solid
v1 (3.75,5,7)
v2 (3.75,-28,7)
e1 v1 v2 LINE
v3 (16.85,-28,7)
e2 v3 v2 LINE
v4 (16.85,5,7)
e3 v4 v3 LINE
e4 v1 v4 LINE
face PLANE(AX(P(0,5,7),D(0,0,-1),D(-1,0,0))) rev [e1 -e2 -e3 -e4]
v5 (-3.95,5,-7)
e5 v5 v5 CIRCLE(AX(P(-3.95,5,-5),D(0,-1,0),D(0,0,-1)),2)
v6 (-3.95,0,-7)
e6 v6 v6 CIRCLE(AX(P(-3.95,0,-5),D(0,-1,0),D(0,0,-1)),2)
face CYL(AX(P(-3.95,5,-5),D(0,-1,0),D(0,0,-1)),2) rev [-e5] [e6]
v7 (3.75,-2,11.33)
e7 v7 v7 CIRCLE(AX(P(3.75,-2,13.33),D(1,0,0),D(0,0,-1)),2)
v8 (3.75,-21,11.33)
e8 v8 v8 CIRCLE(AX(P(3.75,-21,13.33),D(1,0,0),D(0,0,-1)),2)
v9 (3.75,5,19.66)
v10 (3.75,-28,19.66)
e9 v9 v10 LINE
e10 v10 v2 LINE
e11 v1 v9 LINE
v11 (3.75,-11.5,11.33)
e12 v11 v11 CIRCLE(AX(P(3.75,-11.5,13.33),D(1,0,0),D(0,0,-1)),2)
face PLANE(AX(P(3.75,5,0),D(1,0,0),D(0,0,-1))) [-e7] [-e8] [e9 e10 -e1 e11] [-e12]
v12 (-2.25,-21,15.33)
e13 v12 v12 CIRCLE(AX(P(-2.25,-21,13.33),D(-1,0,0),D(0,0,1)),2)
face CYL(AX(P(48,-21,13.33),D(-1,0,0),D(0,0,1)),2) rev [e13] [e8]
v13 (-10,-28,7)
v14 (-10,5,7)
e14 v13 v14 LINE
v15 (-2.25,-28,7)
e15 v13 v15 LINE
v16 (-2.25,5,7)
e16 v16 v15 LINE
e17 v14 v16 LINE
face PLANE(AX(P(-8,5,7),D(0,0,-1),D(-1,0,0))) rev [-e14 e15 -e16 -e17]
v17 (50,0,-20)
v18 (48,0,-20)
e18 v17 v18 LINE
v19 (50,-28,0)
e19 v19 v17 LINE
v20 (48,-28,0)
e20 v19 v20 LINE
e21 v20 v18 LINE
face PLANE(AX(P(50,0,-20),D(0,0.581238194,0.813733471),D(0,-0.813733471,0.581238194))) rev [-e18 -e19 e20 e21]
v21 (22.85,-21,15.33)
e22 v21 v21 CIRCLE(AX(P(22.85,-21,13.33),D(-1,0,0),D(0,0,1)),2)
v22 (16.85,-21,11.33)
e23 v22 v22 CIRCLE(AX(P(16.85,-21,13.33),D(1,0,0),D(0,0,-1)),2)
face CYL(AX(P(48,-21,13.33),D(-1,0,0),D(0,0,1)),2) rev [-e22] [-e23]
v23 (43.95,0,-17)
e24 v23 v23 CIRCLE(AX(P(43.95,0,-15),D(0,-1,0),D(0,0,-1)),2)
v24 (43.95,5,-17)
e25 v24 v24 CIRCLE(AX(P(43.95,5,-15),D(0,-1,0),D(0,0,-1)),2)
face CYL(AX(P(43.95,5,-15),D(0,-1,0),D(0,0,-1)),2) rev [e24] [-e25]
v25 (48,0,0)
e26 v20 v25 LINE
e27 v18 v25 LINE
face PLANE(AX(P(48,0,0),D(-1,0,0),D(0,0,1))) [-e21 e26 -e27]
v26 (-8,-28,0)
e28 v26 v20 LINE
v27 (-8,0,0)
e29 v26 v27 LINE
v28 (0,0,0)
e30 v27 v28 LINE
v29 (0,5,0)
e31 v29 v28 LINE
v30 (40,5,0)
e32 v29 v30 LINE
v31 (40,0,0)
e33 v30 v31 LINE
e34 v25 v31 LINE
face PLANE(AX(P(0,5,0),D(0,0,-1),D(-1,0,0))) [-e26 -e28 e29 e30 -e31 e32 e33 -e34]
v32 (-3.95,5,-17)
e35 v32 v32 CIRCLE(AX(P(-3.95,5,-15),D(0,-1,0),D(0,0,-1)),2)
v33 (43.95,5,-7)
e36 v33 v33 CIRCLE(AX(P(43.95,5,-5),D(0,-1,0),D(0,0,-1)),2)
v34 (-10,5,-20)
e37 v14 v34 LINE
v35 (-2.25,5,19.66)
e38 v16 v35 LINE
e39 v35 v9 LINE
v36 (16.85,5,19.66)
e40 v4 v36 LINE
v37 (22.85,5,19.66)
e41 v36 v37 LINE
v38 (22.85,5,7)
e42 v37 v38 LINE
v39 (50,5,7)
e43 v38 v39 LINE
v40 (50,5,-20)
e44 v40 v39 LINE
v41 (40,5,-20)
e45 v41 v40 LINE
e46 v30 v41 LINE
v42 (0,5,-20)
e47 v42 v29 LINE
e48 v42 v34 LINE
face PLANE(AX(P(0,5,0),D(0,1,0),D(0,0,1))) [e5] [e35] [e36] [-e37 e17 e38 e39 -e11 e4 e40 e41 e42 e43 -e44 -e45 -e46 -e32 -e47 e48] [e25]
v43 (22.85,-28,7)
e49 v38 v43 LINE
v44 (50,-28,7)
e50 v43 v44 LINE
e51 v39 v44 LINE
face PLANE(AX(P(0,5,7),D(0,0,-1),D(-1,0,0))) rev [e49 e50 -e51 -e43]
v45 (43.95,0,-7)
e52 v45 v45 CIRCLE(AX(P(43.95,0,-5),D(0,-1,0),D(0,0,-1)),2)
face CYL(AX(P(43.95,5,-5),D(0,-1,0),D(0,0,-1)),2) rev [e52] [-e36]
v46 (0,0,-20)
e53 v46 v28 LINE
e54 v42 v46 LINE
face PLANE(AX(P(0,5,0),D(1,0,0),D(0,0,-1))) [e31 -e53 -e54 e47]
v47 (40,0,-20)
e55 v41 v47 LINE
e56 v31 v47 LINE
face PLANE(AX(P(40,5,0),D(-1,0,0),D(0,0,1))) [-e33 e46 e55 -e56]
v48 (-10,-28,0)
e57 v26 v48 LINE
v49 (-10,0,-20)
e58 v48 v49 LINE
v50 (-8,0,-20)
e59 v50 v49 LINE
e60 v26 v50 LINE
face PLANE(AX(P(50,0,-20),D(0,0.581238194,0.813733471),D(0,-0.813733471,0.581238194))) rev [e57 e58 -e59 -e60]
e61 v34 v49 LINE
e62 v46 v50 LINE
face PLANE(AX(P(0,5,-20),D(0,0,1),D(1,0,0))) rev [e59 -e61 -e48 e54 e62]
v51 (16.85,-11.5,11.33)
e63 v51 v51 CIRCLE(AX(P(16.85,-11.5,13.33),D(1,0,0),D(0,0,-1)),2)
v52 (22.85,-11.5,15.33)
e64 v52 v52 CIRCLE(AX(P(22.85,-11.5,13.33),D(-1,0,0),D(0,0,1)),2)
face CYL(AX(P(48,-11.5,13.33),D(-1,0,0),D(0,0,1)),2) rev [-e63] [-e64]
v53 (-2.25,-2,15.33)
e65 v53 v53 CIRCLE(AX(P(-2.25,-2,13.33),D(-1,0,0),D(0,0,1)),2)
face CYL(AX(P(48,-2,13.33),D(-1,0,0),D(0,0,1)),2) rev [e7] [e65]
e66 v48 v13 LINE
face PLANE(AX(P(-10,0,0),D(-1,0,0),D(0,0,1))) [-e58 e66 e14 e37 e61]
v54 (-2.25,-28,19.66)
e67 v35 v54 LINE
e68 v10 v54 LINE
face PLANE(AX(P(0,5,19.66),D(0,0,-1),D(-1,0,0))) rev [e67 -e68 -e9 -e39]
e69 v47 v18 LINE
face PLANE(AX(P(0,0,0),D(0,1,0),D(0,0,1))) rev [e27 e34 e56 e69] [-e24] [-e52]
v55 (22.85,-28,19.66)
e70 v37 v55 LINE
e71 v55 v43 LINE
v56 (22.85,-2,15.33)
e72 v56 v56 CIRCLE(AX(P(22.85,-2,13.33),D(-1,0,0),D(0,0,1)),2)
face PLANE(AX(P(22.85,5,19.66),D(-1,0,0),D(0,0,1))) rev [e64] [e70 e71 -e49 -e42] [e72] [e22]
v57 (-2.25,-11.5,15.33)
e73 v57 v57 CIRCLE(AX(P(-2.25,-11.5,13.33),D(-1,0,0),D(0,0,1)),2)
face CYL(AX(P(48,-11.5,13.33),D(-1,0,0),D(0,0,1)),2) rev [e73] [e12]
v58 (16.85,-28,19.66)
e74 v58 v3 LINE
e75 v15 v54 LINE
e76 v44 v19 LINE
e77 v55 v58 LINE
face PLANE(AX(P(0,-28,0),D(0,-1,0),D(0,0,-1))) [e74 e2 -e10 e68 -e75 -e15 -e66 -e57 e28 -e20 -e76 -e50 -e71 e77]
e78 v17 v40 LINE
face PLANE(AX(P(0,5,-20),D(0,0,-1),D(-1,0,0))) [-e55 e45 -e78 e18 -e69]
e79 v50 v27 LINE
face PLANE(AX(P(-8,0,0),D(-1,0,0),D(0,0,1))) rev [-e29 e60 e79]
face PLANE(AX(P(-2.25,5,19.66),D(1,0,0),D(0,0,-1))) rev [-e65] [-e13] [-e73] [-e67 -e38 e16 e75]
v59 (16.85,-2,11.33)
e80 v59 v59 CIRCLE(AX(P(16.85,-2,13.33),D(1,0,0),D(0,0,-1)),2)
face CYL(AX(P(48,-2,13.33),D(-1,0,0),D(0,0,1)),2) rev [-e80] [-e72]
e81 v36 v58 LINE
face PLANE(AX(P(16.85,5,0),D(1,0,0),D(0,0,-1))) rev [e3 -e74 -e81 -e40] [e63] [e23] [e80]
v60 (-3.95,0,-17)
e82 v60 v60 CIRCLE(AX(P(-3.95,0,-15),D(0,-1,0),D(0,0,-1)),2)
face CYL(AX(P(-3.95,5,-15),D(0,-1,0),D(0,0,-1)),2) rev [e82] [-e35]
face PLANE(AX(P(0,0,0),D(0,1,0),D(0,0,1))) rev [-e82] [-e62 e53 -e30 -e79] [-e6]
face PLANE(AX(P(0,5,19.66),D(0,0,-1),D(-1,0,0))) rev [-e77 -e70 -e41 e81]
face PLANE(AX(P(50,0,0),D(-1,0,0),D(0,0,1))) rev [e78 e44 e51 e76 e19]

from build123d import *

# Parameters (mm, degrees)
SKETCH2_W               = 8
SKETCH2_H               = 20
SKETCH2_W_2             = 11.75
SKETCH2_H_2             = 12.66
BOSS_EXTRUDE1_DEPTH     = 5
SKETCH3_W               = 13.1
SKETCH3_H               = 7
BOSS_EXTRUDE2_DEPTH     = 28
SKETCH4_W               = 5.75
SKETCH4_H               = 12.66
CUT_EXTRUDE1_DEPTH      = 62.587336361
SKETCH5_R               = 2
CUT_EXTRUDE2_DEPTH      = 61.902073035
SKETCH6_R               = 2
CUT_EXTRUDE3_DEPTH      = 60.059292241
SKETCH7_W               = 7
SKETCH7_H               = 28
BOSS_EXTRUDE3_DEPTH     = 19.4
SKETCH8_W               = 27
SKETCH8_H               = 33
BOSS_EXTRUDE4_DEPTH     = 2
SKETCH9_W               = 27
SKETCH9_H               = 33
BOSS_EXTRUDE5_DEPTH     = 2
CUT_EXTRUDE4_DEPTH      = 68.4388612
CUT_EXTRUDE4_DEPTH_BACK = 68.4388612


with BuildPart() as part:
    # Sketch2 → Boss-Extrude1 (new body)
    with BuildSketch(Plane(origin=(0, 0, 0), x_dir=(1, 0, 0), z_dir=(0, 1, 0))):
        with Locations((-4, 10)):
            Rectangle(SKETCH2_W, SKETCH2_H)
        Polygon((40, 0), (0, 0), (-8, 0), (-8, -7), (3.75, -7), (16.85, -7), (28.6, -7), (48, -7), (48, 0), align=None)
        with Locations((-2.125, -13.33)):
            Rectangle(SKETCH2_W_2, SKETCH2_H_2)
        with Locations((22.725, -13.33)):
            Rectangle(SKETCH2_W_2, SKETCH2_H_2)
        with Locations((44, 10)):
            Rectangle(SKETCH2_W, SKETCH2_H)
    extrude(amount=BOSS_EXTRUDE1_DEPTH)

    # Sketch3 → Boss-Extrude2 (add)
    with BuildSketch(Plane.XZ):
        Polygon((3.75, 19.66), (-8, 19.66), (-8, 0), (0, 0), (3.75, 0), (3.75, 7), align=None)
        with Locations((10.3, 3.5)):
            Rectangle(SKETCH3_W, SKETCH3_H)
        Polygon((16.85, 19.66), (16.85, 7), (16.85, 0), (28.6, 0), (28.6, 7), (28.6, 19.66), align=None)
    extrude(amount=BOSS_EXTRUDE2_DEPTH)

    # Sketch4 → Cut-Extrude1 (cut, through all)
    with BuildSketch(Plane.XZ.offset(28)):
        with Locations((-5.125, 13.33)):
            Rectangle(SKETCH4_W, SKETCH4_H)
        with Locations((25.725, 13.33)):
            Rectangle(SKETCH4_W, SKETCH4_H)
    extrude(amount=-CUT_EXTRUDE1_DEPTH, mode=Mode.SUBTRACT)

    # Sketch5 → Cut-Extrude2 (cut, through all)
    with BuildSketch(Plane.ZY.offset(2.25)):
        with Locations((13.33, -2)):
            Circle(SKETCH5_R)
        with Locations((13.33, -21)):
            Circle(SKETCH5_R)
        with Locations((13.33, -11.5)):
            Circle(SKETCH5_R)
    extrude(amount=-CUT_EXTRUDE2_DEPTH, mode=Mode.SUBTRACT)

    # Sketch6 → Cut-Extrude3 (cut, through all)
    with BuildSketch(Plane.XZ):
        with Locations(Location((43.95, -5, 0), (0, 0, 270))):
            Circle(SKETCH6_R)
        with Locations(Location((43.95, -15, 0), (0, 0, 270))):
            Circle(SKETCH6_R)
        with Locations(Location((-3.95, -5, 0), (0, 0, 270))):
            Circle(SKETCH6_R)
        with Locations(Location((-3.95, -15, 0), (0, 0, 270))):
            Circle(SKETCH6_R)
    extrude(amount=-CUT_EXTRUDE3_DEPTH, mode=Mode.SUBTRACT)

    # Sketch7 → Boss-Extrude3 (add)
    with BuildSketch(Plane(origin=(28.6, 0, 0), x_dir=(0, 0, -1), z_dir=(1, 0, 0))):
        with Locations((-3.5, -14)):
            Rectangle(SKETCH7_W, SKETCH7_H)
    extrude(amount=BOSS_EXTRUDE3_DEPTH)

    # Sketch8 → Boss-Extrude4 (add)
    with BuildSketch(Plane(origin=(48, 0, 0), x_dir=(0, 0, -1), z_dir=(1, 0, 0))):
        with Locations((6.5, -11.5)):
            Rectangle(SKETCH8_W, SKETCH8_H)
    extrude(amount=BOSS_EXTRUDE4_DEPTH)

    # Sketch9 → Boss-Extrude5 (add)
    with BuildSketch(Plane.ZY.offset(8)):
        with Locations((-6.5, -11.5)):
            Rectangle(SKETCH9_W, SKETCH9_H)
    extrude(amount=BOSS_EXTRUDE5_DEPTH)

    # Sketch10 → Cut-Extrude4 (cut, two sides: drawn at the far end of the back side and taken through both)
    with BuildSketch(Plane.ZY.offset(-48).offset(-CUT_EXTRUDE4_DEPTH_BACK)):
        Polygon((-20, 0), (0, -28), (-20, -28), align=None)
    extrude(amount=CUT_EXTRUDE4_DEPTH + CUT_EXTRUDE4_DEPTH_BACK, mode=Mode.SUBTRACT)


solid = part.part
